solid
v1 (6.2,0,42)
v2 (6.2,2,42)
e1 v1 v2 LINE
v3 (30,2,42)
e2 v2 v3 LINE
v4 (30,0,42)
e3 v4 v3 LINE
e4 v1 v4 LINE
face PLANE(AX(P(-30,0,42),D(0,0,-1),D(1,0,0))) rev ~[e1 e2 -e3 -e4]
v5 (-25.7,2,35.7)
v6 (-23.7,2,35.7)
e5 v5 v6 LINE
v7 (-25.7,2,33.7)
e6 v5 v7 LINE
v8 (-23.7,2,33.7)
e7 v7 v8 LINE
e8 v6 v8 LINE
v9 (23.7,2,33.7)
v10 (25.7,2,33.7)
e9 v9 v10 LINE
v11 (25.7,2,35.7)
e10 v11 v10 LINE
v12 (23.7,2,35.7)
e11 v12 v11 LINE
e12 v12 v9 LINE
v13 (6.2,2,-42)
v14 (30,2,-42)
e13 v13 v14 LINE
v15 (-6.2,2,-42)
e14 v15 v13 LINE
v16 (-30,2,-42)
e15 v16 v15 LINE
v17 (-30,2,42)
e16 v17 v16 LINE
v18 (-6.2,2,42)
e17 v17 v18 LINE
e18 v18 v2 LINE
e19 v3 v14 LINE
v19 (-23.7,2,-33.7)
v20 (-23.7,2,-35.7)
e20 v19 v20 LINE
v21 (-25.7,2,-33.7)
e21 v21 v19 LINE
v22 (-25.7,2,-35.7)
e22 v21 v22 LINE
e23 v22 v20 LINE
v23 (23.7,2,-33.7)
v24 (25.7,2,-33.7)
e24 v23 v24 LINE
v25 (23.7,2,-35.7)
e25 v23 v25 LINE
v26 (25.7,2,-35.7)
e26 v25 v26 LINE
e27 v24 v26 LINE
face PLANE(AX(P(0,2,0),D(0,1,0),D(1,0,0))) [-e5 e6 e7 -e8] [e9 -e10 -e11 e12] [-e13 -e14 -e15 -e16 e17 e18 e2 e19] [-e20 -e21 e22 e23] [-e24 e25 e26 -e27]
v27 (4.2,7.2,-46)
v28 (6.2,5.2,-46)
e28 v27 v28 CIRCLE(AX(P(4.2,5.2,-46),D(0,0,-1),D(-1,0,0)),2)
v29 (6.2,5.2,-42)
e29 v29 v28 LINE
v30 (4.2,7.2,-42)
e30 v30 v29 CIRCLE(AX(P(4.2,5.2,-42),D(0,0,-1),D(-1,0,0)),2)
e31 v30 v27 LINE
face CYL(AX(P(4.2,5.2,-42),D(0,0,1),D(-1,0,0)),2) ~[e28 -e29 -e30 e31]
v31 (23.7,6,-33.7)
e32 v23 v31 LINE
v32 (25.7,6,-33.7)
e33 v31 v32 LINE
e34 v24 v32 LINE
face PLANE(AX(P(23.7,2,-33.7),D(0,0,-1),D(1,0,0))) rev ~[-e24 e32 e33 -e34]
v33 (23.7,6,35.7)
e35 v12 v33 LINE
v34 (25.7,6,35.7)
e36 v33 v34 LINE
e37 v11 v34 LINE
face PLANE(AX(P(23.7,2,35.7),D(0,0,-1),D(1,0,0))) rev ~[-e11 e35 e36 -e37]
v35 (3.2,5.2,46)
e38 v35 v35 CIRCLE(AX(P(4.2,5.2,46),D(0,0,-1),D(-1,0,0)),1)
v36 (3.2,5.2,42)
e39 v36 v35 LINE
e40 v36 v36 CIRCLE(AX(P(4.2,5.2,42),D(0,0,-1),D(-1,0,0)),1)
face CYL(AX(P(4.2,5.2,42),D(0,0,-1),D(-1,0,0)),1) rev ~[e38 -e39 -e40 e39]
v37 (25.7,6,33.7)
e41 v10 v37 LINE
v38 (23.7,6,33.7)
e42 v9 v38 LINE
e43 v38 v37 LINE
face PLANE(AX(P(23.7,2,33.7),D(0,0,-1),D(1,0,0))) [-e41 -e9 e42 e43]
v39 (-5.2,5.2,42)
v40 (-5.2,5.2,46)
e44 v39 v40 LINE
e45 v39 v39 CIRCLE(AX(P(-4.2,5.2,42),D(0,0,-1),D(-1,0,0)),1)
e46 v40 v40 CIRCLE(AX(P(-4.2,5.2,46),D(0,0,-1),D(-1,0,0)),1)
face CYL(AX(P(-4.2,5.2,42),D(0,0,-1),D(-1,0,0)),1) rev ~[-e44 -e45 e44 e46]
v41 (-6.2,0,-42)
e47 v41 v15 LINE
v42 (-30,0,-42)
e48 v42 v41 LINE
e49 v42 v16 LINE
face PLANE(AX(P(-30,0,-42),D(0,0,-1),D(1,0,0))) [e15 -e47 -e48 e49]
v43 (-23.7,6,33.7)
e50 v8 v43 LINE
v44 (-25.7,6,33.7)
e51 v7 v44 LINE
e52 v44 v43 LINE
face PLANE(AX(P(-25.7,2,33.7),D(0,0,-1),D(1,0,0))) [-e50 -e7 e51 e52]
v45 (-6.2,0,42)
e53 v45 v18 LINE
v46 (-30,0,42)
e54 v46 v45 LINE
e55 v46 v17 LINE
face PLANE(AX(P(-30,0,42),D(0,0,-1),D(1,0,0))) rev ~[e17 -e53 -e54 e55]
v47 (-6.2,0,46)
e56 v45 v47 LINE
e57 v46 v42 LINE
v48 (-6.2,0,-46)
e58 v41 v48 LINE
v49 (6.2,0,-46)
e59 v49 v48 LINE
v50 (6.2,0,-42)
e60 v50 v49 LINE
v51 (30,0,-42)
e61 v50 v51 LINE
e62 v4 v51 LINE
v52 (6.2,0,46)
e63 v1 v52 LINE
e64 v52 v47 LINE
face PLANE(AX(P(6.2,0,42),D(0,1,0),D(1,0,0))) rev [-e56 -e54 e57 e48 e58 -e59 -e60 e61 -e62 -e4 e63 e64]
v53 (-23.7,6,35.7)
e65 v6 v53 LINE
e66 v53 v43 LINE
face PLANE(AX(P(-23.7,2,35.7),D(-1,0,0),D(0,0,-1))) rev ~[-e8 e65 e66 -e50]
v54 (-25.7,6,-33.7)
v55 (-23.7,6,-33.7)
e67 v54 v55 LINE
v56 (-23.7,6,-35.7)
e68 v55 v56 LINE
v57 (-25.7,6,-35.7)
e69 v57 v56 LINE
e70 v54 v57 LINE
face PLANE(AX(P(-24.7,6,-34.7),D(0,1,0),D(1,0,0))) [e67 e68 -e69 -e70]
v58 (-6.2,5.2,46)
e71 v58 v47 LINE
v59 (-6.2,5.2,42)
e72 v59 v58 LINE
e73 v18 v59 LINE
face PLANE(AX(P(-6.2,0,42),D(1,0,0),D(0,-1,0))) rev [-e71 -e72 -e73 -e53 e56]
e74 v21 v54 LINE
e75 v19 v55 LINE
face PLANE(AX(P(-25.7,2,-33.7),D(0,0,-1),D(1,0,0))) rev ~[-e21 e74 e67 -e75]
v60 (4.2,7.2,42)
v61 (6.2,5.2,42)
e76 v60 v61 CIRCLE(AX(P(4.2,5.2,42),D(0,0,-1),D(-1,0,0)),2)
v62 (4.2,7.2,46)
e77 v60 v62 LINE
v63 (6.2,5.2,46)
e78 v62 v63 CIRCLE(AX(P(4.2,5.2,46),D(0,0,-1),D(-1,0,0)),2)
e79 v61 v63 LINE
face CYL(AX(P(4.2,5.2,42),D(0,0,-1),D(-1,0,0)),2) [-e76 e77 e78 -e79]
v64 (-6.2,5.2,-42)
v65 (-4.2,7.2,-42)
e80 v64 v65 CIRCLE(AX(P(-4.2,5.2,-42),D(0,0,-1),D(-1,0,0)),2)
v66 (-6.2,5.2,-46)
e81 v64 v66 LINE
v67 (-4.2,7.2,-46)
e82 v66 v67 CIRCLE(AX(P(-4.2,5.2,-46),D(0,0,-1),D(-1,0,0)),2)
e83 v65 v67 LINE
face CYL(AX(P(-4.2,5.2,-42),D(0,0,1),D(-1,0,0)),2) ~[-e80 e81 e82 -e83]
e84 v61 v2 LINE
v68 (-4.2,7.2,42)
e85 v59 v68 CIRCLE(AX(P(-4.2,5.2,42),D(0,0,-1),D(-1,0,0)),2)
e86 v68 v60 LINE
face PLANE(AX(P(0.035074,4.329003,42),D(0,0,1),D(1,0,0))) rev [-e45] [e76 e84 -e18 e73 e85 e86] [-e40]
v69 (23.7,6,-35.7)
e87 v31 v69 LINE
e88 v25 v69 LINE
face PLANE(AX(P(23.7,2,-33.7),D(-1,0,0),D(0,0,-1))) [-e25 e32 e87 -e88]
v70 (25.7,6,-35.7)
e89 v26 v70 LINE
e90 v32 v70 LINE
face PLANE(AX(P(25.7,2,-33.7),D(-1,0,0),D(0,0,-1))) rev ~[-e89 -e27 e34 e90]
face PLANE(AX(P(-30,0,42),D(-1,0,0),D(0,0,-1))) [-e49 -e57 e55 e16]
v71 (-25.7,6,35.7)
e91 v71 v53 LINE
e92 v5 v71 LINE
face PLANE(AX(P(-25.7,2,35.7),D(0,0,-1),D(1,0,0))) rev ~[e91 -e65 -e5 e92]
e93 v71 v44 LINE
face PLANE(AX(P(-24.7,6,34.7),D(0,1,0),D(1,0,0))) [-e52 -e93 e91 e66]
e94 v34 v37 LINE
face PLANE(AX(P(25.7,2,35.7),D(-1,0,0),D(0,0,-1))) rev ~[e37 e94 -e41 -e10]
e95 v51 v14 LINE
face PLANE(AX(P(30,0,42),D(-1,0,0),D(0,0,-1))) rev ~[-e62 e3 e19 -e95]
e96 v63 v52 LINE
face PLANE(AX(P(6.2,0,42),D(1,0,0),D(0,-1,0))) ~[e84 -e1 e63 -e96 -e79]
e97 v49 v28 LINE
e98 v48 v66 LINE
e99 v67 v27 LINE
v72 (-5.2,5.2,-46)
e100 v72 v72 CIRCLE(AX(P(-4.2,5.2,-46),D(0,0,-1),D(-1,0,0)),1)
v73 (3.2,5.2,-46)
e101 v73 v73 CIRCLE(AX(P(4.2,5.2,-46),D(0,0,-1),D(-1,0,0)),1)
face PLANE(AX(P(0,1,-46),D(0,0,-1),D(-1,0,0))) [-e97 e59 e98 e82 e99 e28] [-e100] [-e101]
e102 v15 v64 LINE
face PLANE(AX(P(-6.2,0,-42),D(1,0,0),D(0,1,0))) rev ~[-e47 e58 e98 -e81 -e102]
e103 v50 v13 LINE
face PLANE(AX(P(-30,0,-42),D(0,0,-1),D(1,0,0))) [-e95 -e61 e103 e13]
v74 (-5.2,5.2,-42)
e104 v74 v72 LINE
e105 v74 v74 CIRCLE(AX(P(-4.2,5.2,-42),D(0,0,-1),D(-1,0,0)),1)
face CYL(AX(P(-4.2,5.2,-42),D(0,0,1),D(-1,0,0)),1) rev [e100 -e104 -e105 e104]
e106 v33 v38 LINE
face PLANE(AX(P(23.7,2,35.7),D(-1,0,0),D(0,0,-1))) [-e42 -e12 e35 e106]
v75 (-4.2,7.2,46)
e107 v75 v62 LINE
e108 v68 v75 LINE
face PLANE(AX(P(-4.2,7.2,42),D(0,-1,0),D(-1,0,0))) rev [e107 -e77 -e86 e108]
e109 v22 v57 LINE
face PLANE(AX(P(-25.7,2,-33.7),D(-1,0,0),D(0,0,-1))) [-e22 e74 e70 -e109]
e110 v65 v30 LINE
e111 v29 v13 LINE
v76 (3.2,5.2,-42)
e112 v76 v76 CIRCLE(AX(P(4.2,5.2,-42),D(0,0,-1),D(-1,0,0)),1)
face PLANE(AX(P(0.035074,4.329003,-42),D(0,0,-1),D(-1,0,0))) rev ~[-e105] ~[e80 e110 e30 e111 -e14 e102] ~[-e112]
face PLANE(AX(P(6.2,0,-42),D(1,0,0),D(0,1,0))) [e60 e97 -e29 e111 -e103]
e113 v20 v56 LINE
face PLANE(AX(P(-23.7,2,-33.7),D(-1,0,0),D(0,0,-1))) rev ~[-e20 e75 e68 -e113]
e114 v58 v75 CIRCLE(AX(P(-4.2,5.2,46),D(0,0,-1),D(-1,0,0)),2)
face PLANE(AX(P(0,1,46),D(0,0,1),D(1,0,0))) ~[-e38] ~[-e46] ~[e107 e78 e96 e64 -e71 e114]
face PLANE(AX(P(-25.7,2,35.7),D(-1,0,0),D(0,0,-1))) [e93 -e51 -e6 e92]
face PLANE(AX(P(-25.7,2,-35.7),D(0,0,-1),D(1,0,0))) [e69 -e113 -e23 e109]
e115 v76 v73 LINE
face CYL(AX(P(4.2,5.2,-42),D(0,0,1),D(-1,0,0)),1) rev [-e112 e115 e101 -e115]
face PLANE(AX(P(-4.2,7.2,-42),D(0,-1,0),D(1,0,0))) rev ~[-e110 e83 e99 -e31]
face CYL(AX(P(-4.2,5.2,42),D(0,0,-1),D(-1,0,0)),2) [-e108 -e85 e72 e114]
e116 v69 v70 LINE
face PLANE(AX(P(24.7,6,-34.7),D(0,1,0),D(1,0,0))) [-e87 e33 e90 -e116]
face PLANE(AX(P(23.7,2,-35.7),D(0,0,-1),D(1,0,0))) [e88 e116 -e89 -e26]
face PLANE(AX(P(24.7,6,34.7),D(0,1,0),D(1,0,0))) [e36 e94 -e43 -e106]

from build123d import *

# Parameters (mm, degrees)
SKETCH1_W           = 60
SKETCH1_H           = 84
BOSS_EXTRUDE1_DEPTH = 2
SKETCH4_W           = 2
SKETCH4_H           = 2
BOSS_EXTRUDE3_DEPTH = 4
SKETCH5_W           = 12.4
SKETCH5_H           = 2
SKETCH5_R           = 2
SKETCH5_R_2         = 1
BOSS_EXTRUDE4_DEPTH = 4


with BuildPart() as part:
    # Sketch1 → Boss-Extrude1 (new body)
    with BuildSketch(Plane(origin=(0, 0, 0), x_dir=(1, 0, 0), z_dir=(0, 1, 0))):
        Rectangle(SKETCH1_W, SKETCH1_H)
    extrude(amount=BOSS_EXTRUDE1_DEPTH)

    # Sketch4 → Boss-Extrude3 (add)
    with BuildSketch(Plane(origin=(0, 2, 0), x_dir=(1, 0, 0), z_dir=(0, 1, 0))):
        with Locations((-24.7, 34.7)):
            Rectangle(SKETCH4_W, SKETCH4_H)
        with Locations((24.7, 34.7)):
            Rectangle(SKETCH4_W, SKETCH4_H)
        with Locations((24.7, -34.7)):
            Rectangle(SKETCH4_W, SKETCH4_H)
        with Locations((-24.7, -34.7)):
            Rectangle(SKETCH4_W, SKETCH4_H)
    extrude(amount=BOSS_EXTRUDE3_DEPTH)

    # Sketch5 → Boss-Extrude4 (add)
    # profile 1 of 4: a face of its own
    with BuildSketch(Plane(origin=(0, 0, -42), x_dir=(-1, 0, 0), z_dir=(0, 0, -1))):
        with Locations((0, 1)):
            Rectangle(SKETCH5_W, SKETCH5_H)
    # profile 2 of 4: a face of its own
    with BuildSketch(Plane(origin=(0, 0, -42), x_dir=(-1, 0, 0), z_dir=(0, 0, -1))):
        with BuildLine():
            ThreePointArc((-2.2, 5.2), (-4.2, 3.2), (-6.2, 5.2))
            Line((-6.2, 5.2), (-6.2, 2))
            Line((-6.2, 2), (6.2, 2))
            Line((6.2, 2), (6.2, 5.2))
            ThreePointArc((6.2, 5.2), (2.785786438, 3.785786438), (4.2, 7.2))
            Line((4.2, 7.2), (-4.2, 7.2))
            ThreePointArc((-4.2, 7.2), (-2.785786438, 6.614213562), (-2.2, 5.2))
        make_face()
    # profile 3 of 4: a face of its own
    with BuildSketch(Plane(origin=(0, 0, -42), x_dir=(-1, 0, 0), z_dir=(0, 0, -1))):
        with Locations((-4.2, 5.2)):
            Circle(SKETCH5_R)
        with Locations((-4.2, 5.2)):
            Circle(SKETCH5_R_2, mode=Mode.SUBTRACT)
    # profile 4 of 4: a face of its own
    with BuildSketch(Plane(origin=(0, 0, -42), x_dir=(-1, 0, 0), z_dir=(0, 0, -1))):
        with Locations((4.2, 5.2)):
            Circle(SKETCH5_R)
        with Locations((4.2, 5.2)):
            Circle(SKETCH5_R_2, mode=Mode.SUBTRACT)
    boss_extrude4 = extrude(amount=BOSS_EXTRUDE4_DEPTH)

    # Mirror1: Boss-Extrude4 across plane
    add(boss_extrude4.mirror(Plane.XY))


solid = part.part
